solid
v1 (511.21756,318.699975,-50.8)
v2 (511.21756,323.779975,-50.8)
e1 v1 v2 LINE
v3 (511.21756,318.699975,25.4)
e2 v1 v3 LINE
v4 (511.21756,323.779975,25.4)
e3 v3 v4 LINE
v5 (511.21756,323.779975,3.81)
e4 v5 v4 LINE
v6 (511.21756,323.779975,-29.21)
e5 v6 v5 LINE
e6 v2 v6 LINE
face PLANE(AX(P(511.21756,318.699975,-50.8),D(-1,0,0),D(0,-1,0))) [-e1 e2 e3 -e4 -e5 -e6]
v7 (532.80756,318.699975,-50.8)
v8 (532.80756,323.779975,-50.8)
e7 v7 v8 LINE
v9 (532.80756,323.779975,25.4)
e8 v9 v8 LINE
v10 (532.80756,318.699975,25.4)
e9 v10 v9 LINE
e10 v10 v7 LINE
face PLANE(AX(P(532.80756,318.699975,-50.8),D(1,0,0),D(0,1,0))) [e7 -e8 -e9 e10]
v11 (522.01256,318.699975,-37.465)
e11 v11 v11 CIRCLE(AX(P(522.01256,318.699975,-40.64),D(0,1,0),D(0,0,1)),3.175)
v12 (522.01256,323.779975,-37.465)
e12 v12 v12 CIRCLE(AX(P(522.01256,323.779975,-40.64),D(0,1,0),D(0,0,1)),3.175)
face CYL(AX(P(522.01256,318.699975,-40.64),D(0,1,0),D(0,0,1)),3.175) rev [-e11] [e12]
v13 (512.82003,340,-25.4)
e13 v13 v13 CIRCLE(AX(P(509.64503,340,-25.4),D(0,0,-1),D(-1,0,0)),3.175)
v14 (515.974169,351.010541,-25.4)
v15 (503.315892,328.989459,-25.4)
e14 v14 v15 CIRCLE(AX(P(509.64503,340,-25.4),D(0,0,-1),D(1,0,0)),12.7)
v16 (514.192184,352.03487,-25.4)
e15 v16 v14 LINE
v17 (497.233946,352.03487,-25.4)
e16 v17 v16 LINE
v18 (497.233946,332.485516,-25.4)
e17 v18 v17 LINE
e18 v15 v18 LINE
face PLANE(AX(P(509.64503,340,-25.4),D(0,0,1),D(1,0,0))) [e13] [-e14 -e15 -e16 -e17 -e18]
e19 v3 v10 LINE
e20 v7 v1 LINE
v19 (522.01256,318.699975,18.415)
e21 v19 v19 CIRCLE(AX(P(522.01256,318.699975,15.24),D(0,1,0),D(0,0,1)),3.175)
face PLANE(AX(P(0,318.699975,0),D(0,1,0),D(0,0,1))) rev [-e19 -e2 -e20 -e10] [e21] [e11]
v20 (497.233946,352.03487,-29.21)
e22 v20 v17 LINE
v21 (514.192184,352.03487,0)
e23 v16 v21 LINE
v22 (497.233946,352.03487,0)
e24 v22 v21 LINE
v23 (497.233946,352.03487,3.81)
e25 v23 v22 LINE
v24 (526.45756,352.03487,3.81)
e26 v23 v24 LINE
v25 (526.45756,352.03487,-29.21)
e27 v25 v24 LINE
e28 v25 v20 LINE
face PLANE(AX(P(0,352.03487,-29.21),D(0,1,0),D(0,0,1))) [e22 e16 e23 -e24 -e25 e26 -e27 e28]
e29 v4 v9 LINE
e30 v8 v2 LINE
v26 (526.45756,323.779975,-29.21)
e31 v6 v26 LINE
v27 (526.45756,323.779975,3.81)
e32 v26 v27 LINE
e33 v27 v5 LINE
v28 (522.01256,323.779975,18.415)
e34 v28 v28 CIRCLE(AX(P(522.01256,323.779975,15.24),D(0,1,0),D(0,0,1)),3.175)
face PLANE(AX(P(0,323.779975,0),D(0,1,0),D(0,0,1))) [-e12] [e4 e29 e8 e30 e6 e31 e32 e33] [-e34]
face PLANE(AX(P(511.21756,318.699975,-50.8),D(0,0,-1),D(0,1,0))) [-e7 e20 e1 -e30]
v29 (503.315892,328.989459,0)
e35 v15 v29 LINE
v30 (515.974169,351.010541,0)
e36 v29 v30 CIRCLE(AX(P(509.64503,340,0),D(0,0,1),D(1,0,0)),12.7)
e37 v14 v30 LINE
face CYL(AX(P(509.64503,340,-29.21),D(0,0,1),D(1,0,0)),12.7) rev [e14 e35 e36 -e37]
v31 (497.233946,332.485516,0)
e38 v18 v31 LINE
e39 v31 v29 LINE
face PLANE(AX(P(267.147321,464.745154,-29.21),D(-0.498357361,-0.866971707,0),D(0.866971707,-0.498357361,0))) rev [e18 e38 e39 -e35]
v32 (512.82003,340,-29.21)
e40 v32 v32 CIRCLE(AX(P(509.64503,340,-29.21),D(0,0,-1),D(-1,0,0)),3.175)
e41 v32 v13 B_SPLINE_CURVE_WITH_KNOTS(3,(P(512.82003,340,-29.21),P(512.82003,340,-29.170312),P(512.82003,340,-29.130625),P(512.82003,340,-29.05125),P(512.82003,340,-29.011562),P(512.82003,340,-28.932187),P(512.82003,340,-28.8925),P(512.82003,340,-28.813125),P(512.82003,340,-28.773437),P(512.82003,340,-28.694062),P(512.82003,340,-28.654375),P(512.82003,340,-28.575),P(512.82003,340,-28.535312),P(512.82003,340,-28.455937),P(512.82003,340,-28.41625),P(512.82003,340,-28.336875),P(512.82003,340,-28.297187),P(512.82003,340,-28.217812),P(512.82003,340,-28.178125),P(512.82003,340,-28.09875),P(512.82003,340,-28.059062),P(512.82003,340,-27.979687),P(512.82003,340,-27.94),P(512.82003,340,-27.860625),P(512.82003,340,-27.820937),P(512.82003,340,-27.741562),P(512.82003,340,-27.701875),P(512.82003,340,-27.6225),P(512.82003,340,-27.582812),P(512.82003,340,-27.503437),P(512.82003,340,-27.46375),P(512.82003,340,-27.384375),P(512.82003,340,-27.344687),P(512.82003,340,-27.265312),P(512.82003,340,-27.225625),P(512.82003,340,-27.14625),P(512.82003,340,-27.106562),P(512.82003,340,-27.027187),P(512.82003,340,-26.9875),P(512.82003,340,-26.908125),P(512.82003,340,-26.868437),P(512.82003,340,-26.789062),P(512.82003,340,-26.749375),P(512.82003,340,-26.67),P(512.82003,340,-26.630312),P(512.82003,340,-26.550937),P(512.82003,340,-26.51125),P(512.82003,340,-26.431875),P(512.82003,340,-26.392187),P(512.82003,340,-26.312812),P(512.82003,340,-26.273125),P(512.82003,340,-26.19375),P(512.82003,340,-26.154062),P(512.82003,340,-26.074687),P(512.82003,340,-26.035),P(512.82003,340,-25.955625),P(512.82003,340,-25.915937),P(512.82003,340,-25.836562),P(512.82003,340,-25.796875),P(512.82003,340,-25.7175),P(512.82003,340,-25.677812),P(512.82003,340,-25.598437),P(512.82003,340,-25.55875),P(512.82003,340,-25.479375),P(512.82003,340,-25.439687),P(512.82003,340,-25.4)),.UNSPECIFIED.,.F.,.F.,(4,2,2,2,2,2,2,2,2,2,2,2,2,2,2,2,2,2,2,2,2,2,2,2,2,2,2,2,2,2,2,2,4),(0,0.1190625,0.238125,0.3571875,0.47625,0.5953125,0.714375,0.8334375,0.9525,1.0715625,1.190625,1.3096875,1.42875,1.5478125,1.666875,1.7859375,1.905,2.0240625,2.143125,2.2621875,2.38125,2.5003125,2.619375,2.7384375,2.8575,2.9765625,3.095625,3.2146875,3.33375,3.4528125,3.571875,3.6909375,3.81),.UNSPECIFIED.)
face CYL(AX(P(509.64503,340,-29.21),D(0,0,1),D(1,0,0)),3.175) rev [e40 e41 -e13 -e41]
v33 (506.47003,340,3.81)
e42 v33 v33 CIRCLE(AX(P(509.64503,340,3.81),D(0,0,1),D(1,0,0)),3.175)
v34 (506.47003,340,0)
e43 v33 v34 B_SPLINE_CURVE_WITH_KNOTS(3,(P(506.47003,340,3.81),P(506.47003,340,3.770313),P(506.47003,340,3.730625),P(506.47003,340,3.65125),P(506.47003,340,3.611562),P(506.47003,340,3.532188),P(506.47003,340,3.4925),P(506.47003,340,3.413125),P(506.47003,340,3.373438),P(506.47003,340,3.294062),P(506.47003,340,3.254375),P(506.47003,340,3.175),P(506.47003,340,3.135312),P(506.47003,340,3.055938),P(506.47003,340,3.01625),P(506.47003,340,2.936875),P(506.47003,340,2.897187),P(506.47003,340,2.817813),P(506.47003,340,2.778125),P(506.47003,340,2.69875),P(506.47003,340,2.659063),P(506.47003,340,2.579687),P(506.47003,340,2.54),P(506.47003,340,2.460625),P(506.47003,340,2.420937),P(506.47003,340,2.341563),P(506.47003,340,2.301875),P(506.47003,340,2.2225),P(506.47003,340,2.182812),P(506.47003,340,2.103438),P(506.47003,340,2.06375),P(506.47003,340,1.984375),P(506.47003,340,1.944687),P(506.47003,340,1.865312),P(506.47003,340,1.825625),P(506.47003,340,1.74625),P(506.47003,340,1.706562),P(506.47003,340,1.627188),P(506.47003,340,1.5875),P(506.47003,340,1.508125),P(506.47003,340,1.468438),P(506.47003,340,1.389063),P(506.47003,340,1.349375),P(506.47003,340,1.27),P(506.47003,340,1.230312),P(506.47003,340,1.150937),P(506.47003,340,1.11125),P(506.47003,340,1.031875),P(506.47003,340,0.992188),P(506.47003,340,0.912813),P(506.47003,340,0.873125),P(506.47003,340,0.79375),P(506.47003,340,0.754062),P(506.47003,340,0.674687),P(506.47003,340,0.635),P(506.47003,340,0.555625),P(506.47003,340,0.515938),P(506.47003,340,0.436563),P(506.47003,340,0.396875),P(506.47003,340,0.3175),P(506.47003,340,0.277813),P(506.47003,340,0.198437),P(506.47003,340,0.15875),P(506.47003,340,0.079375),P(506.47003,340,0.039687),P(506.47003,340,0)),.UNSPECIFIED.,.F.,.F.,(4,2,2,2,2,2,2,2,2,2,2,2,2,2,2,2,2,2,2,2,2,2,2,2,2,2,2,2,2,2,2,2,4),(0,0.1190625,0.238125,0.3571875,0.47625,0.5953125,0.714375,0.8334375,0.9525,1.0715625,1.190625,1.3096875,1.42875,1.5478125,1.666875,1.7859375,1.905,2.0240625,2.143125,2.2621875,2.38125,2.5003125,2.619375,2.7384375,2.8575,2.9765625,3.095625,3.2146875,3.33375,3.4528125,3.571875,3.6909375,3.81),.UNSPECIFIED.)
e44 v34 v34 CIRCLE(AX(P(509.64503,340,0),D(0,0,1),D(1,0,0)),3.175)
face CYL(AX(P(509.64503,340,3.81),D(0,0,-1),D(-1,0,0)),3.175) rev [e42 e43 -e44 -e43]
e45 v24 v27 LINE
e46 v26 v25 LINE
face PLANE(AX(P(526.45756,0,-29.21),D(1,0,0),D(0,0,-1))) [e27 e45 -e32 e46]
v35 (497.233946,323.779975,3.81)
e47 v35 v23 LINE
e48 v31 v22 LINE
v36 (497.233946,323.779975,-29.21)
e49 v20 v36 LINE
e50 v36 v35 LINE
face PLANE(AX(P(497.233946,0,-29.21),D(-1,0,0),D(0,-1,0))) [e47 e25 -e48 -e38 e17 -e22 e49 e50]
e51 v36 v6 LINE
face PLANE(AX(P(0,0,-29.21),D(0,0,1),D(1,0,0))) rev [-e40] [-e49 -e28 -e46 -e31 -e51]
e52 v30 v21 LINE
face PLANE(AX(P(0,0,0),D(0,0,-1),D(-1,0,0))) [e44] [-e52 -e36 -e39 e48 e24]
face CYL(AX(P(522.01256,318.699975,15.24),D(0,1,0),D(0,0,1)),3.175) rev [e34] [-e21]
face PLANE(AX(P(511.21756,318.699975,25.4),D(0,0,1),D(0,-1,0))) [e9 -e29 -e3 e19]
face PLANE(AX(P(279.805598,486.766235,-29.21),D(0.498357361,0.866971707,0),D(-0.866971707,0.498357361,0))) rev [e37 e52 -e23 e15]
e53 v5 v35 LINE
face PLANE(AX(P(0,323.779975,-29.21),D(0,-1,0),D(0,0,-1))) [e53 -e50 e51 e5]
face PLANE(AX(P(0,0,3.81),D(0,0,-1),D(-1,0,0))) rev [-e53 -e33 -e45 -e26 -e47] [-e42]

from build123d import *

# Parameters (mm, degrees)
BOSS_EXTRUDE1_DEPTH = 29.21
SKETCH2_R           = 3.175
BOSS_EXTRUDE2_DEPTH = 3.81
BOSS_EXTRUDE4_START = 3.81
SKETCH3_W           = 29.223613814
SKETCH3_H           = 28.25489527
SKETCH3_R           = 3.175
BOSS_EXTRUDE4_DEPTH = 3.81
SKETCH4_W           = 21.59
SKETCH4_H           = 76.2
SKETCH4_R           = 3.175
BOSS_EXTRUDE5_DEPTH = 5.08


with BuildPart() as part:
    # Sketch1 → Boss-Extrude1 (new body)
    with BuildSketch(Plane.XY):
        with BuildLine():
            Line((497.233946268, 332.485515977), (497.233946268, 323.779975182))
            Line((497.233946268, 323.779975182), (526.457560082, 323.779975182))
            Line((526.457560082, 323.779975182), (526.457560082, 352.034870452))
            Line((526.457560082, 352.034870452), (514.19218435, 352.034870452))
            Line((514.19218435, 352.034870452), (515.97416853, 351.010540676))
            ThreePointArc((515.97416853, 351.010540676), (518.254444166, 349.336379834), (520.107560082, 347.198990562))
            ThreePointArc((520.107560082, 347.198990562), (520.655570716, 333.67086151), (508.689794246, 327.335975182))
            ThreePointArc((508.689794246, 327.335975182), (505.910190066, 327.86159111), (503.31589155, 328.989459324))
            Line((503.31589155, 328.989459324), (497.233946268, 332.485515977))
        make_face()
    extrude(amount=-BOSS_EXTRUDE1_DEPTH)

    # Sketch2 → Boss-Extrude2 (add)
    with BuildSketch(Plane(origin=(0, 0, -25.4), x_dir=(-1, 0, 0), z_dir=(0, 0, -1))):
        with BuildLine():
            Line((-514.19218435, 352.034870452), (-497.233946268, 352.034870452))
            Line((-497.233946268, 352.034870452), (-497.233946268, 332.485515977))
            Line((-497.233946268, 332.485515977), (-503.31589155, 328.989459324))
            ThreePointArc((-503.31589155, 328.989459324), (-520.655570716, 333.67086151), (-515.97416853, 351.010540676))
            Line((-515.97416853, 351.010540676), (-514.19218435, 352.034870452))
        make_face()
        with Locations(Location((-509.64503004, 340, 0), (0, 0, 180))):
            Circle(SKETCH2_R, mode=Mode.SUBTRACT)
    extrude(amount=BOSS_EXTRUDE2_DEPTH)

    # Sketch3 → Boss-Extrude4 (add)
    with BuildSketch(Plane.XY.offset(BOSS_EXTRUDE4_START)):
        with Locations((511.845753175, 337.907422817)):
            Rectangle(SKETCH3_W, SKETCH3_H)
        with Locations((509.64503004, 340)):
            Circle(SKETCH3_R, mode=Mode.SUBTRACT)
    extrude(amount=-BOSS_EXTRUDE4_DEPTH)

    # Sketch4 → Boss-Extrude5 (add)
    with BuildSketch(Plane(origin=(0, 323.779975182, 0), x_dir=(1, 0, 0), z_dir=(0, 1, 0))):
        with Locations((522.012560082, 12.7)):
            Rectangle(SKETCH4_W, SKETCH4_H)
        with Locations(Location((522.012560082, 40.64, 0), (0, 0, 270))):
            Circle(SKETCH4_R, mode=Mode.SUBTRACT)
        with Locations(Location((522.012560082, -15.24, 0), (0, 0, 270))):
            Circle(SKETCH4_R, mode=Mode.SUBTRACT)
    extrude(amount=-BOSS_EXTRUDE5_DEPTH)


solid = part.part
